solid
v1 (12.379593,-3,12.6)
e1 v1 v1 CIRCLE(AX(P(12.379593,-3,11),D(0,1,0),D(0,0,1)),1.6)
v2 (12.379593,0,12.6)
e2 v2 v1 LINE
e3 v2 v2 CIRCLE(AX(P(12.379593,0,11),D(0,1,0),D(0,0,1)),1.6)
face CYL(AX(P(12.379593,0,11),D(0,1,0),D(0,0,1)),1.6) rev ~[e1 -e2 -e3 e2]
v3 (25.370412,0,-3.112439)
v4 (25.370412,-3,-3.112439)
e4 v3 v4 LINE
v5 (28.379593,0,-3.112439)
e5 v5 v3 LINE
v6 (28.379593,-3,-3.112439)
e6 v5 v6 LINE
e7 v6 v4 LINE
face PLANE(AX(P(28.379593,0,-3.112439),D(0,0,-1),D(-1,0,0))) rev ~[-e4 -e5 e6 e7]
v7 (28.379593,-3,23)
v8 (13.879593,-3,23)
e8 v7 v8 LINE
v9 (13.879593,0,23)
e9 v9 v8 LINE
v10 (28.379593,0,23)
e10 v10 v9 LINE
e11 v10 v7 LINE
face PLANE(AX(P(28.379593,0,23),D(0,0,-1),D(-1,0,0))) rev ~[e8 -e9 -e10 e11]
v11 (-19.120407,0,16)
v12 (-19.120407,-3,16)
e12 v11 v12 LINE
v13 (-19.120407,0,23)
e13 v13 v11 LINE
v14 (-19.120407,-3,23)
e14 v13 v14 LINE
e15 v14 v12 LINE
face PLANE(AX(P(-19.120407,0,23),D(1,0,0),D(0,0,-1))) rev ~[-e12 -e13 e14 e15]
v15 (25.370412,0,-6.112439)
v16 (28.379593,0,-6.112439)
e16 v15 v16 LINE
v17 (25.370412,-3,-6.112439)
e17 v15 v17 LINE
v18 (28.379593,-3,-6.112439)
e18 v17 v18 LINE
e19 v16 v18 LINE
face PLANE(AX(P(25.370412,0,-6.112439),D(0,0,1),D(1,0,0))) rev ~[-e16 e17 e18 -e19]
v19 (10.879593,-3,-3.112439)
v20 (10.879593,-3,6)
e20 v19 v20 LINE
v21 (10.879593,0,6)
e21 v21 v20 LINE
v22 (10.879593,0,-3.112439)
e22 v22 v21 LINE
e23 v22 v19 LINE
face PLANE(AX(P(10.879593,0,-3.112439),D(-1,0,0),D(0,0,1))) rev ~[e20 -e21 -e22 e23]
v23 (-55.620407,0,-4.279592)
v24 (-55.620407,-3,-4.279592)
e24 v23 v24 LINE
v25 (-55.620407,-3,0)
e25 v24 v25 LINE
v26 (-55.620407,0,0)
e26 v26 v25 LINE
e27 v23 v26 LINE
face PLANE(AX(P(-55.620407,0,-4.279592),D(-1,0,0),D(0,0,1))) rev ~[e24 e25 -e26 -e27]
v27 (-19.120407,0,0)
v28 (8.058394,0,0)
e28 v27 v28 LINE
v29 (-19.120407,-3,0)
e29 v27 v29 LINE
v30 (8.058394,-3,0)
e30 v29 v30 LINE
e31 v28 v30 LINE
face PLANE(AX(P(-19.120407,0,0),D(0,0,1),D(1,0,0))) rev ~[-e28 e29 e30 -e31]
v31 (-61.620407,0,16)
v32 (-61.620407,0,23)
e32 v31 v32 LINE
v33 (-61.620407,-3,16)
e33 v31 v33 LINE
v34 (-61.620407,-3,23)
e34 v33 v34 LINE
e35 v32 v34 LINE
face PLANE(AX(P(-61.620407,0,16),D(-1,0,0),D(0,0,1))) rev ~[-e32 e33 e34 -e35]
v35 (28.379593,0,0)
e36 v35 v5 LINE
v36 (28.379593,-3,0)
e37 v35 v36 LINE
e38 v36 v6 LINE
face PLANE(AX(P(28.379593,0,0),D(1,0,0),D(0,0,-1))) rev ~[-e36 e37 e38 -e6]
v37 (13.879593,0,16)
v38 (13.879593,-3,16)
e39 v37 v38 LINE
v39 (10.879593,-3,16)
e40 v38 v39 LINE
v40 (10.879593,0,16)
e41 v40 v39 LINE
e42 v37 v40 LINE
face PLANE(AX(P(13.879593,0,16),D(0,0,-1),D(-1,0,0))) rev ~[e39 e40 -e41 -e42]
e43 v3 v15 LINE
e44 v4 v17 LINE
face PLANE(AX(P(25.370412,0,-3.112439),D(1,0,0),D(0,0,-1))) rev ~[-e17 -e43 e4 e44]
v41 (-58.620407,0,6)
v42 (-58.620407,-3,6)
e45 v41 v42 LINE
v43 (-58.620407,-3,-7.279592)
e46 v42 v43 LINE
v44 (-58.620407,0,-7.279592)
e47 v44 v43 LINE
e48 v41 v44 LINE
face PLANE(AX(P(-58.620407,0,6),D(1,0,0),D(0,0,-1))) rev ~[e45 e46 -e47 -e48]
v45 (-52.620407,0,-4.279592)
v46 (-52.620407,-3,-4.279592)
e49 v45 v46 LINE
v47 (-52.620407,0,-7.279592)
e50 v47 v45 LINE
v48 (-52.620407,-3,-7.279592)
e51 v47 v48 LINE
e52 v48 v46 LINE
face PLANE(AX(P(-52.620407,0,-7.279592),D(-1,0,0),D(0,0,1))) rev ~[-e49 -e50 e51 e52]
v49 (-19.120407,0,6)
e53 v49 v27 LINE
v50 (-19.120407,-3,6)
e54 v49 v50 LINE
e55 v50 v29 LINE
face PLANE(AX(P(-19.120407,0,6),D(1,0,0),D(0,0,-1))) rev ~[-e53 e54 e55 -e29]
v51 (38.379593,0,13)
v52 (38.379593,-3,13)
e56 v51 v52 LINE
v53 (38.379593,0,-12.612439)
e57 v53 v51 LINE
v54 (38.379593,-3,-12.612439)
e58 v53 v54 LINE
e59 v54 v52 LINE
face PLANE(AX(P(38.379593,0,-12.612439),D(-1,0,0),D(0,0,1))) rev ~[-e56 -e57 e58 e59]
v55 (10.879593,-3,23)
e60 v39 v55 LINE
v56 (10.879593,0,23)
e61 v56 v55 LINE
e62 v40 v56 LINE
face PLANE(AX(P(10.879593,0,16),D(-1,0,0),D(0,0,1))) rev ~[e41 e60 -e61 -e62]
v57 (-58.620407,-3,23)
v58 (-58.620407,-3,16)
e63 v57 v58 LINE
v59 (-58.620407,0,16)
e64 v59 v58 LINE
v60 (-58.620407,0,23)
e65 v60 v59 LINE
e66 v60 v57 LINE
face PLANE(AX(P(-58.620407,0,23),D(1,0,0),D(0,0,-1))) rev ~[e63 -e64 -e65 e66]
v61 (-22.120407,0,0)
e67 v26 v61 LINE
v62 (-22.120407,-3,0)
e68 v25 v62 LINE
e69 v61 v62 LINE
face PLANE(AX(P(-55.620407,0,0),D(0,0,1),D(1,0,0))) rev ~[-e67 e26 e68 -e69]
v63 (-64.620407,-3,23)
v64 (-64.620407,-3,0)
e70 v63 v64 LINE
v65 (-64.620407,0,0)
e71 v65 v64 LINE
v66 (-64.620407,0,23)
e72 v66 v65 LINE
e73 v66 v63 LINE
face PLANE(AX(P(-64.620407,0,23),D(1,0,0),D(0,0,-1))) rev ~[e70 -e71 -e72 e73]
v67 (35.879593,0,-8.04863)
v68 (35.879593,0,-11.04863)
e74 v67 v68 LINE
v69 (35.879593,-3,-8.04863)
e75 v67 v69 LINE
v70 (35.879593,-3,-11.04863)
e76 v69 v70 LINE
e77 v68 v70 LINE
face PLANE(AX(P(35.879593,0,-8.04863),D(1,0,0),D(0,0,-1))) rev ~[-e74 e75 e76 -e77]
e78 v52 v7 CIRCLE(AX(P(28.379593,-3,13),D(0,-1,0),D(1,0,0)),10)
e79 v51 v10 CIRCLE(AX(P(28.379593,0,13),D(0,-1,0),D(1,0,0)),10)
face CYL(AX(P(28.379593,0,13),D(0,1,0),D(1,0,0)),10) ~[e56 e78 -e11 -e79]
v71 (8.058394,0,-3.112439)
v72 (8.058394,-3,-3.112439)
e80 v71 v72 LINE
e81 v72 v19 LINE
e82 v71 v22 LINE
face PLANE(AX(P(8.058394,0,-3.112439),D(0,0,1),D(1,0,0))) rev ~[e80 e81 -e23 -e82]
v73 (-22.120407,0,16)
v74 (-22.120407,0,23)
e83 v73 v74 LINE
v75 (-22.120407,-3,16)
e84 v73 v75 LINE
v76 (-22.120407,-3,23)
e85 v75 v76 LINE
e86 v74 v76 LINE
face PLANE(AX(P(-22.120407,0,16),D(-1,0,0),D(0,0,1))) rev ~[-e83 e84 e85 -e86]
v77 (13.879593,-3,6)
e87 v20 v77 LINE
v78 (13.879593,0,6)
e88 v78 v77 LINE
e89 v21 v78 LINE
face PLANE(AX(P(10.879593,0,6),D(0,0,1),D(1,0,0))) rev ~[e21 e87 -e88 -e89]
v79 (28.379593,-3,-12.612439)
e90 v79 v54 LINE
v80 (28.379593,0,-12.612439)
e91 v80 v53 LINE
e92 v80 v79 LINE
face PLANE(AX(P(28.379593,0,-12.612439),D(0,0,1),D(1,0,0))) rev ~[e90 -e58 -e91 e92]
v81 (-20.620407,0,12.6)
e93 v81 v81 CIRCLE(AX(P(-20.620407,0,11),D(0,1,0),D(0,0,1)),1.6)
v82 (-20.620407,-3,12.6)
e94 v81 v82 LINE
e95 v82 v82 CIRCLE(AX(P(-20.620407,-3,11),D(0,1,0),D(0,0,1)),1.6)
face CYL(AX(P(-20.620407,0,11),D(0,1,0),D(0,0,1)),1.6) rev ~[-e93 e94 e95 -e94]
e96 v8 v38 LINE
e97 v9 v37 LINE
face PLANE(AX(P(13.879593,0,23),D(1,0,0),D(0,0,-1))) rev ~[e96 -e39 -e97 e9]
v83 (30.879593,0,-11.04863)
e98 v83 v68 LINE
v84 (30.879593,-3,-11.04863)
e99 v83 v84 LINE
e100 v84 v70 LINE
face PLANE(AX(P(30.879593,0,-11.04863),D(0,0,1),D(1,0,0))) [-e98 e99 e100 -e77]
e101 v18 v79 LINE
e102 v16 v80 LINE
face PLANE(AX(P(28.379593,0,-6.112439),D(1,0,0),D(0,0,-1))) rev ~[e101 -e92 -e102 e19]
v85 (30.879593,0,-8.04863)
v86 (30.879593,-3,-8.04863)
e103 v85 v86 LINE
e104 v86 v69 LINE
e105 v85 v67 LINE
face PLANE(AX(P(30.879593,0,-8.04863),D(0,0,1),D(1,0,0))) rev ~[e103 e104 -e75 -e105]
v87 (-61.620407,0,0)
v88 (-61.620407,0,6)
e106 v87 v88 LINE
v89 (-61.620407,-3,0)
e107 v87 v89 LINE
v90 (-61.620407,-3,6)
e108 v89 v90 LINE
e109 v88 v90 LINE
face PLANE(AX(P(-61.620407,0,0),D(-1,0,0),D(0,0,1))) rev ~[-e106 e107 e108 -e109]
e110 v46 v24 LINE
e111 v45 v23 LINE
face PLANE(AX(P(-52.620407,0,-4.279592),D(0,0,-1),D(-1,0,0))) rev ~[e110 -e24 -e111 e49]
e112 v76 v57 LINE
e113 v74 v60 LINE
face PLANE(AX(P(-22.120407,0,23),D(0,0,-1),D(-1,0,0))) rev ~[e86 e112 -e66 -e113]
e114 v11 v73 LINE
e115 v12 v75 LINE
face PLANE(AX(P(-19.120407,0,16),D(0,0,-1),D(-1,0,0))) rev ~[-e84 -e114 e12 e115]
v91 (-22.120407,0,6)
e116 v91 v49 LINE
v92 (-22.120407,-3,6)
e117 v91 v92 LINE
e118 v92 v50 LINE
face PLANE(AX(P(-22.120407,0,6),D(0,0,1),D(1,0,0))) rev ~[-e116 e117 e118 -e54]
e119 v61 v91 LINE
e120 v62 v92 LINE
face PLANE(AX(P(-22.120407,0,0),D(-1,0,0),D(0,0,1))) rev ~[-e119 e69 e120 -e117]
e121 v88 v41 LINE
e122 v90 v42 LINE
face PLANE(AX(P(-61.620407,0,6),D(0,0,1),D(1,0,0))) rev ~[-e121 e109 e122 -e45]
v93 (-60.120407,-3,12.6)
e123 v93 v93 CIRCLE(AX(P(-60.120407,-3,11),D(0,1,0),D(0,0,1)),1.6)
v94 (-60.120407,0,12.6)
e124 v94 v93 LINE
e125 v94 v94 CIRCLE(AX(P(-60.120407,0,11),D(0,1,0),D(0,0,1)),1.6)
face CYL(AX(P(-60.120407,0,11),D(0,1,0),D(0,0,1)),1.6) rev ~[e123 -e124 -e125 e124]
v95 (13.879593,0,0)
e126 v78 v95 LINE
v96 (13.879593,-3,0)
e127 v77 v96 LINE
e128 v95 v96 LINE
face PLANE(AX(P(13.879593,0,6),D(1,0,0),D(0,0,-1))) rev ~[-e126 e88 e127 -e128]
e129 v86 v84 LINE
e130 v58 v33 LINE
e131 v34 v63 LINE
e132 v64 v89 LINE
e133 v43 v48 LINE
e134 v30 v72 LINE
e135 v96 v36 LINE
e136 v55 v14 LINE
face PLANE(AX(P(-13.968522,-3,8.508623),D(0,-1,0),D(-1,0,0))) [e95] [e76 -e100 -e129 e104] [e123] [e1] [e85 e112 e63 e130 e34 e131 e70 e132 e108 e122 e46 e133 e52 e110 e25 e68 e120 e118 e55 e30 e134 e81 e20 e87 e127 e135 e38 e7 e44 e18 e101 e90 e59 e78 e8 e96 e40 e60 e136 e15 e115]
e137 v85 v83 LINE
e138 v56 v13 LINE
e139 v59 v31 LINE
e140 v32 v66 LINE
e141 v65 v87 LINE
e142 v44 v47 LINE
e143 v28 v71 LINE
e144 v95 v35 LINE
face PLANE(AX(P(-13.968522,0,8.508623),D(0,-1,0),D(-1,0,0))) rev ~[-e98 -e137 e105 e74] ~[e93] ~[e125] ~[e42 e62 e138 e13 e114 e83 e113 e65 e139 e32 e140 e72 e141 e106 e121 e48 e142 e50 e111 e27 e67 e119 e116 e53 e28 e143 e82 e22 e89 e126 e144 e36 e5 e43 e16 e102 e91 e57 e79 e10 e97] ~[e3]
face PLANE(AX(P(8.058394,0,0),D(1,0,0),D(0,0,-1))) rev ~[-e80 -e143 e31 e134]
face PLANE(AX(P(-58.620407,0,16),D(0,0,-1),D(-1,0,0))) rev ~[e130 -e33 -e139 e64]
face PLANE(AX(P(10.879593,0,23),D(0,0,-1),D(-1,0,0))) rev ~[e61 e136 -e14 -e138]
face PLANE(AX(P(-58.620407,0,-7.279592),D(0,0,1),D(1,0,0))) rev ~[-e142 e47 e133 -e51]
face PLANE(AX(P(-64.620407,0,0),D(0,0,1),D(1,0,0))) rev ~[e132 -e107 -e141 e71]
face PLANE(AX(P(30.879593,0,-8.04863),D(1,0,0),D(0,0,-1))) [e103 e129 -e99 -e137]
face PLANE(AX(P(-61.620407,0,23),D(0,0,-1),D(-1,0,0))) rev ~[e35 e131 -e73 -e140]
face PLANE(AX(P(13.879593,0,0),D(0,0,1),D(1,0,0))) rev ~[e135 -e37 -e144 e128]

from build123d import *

# Parameters (mm, degrees)
SKETCH_1_R      = 1.6
SKETCH_1_W      = 5
SKETCH_1_H      = 3
EXTRUDE_3_DEPTH = 3


with BuildPart() as part:
    # 草图1 → 凸台-拉伸3 (new body)
    with BuildSketch(Plane(origin=(0, 0, 0), x_dir=(1, 0, 0), z_dir=(0, 1, 0))):
        with BuildLine():
            Line((-64.620407451, -23), (-64.620407451, 0))
            Line((-64.620407451, 0), (-61.620407451, 0))
            Line((-61.620407451, 0), (-61.620407451, -6))
            Line((-61.620407451, -6), (-58.620407451, -6))
            Line((-58.620407451, -6), (-58.620407451, 7.279592288))
            Line((-58.620407451, 7.279592288), (-52.620407451, 7.279592288))
            Line((-52.620407451, 7.279592288), (-52.620407451, 4.279592288))
            Line((-52.620407451, 4.279592288), (-55.620407451, 4.279592288))
            Line((-55.620407451, 4.279592288), (-55.620407451, 0))
            Line((-55.620407451, 0), (-22.120407451, 0))
            Line((-22.120407451, 0), (-22.120407451, -6))
            Line((-22.120407451, -6), (-19.120407451, -6))
            Line((-19.120407451, -6), (-19.120407451, 0))
            Line((-19.120407451, 0), (8.058394468, 0))
            Line((8.058394468, 0), (8.058394468, 3.112438553))
            Line((8.058394468, 3.112438553), (10.879592549, 3.112438553))
            Line((10.879592549, 3.112438553), (10.879592549, -6))
            Line((10.879592549, -6), (13.879592549, -6))
            Line((13.879592549, -6), (13.879592549, 0))
            Line((13.879592549, 0), (28.379592549, 0))
            Line((28.379592549, 0), (28.379592549, 3.112438553))
            Line((28.379592549, 3.112438553), (25.370412077, 3.112438553))
            Line((25.370412077, 3.112438553), (25.370412077, 6.112438553))
            Line((25.370412077, 6.112438553), (28.379592549, 6.112438553))
            Line((28.379592549, 6.112438553), (28.379592549, 12.612438553))
            Line((28.379592549, 12.612438553), (38.379592549, 12.612438553))
            Line((38.379592549, 12.612438553), (38.379592549, -13))
            ThreePointArc((38.379592549, -13), (35.450660361, -20.071067812), (28.379592549, -23))
            Line((28.379592549, -23), (13.879592549, -23))
            Line((13.879592549, -23), (13.879592549, -16))
            Line((13.879592549, -16), (10.879592549, -16))
            Line((10.879592549, -16), (10.879592549, -23))
            Line((10.879592549, -23), (-19.120407451, -23))
            Line((-19.120407451, -23), (-19.120407451, -16))
            Line((-19.120407451, -16), (-22.120407451, -16))
            Line((-22.120407451, -16), (-22.120407451, -23))
            Line((-22.120407451, -23), (-58.620407451, -23))
            Line((-58.620407451, -23), (-58.620407451, -16))
            Line((-58.620407451, -16), (-61.620407451, -16))
            Line((-61.620407451, -16), (-61.620407451, -23))
            Line((-61.620407451, -23), (-64.620407451, -23))
        make_face()
        with Locations(Location((-60.120407451, -11, 0), (0, 0, 270))):
            Circle(SKETCH_1_R, mode=Mode.SUBTRACT)
        with Locations(Location((-20.620407451, -11, 0), (0, 0, 270))):
            Circle(SKETCH_1_R, mode=Mode.SUBTRACT)
        with Locations(Location((12.379592549, -11, 0), (0, 0, 270))):
            Circle(SKETCH_1_R, mode=Mode.SUBTRACT)
        with Locations((33.379592549, 9.548629934)):
            Rectangle(SKETCH_1_W, SKETCH_1_H, mode=Mode.SUBTRACT)
    extrude(amount=-EXTRUDE_3_DEPTH)


solid = part.part
